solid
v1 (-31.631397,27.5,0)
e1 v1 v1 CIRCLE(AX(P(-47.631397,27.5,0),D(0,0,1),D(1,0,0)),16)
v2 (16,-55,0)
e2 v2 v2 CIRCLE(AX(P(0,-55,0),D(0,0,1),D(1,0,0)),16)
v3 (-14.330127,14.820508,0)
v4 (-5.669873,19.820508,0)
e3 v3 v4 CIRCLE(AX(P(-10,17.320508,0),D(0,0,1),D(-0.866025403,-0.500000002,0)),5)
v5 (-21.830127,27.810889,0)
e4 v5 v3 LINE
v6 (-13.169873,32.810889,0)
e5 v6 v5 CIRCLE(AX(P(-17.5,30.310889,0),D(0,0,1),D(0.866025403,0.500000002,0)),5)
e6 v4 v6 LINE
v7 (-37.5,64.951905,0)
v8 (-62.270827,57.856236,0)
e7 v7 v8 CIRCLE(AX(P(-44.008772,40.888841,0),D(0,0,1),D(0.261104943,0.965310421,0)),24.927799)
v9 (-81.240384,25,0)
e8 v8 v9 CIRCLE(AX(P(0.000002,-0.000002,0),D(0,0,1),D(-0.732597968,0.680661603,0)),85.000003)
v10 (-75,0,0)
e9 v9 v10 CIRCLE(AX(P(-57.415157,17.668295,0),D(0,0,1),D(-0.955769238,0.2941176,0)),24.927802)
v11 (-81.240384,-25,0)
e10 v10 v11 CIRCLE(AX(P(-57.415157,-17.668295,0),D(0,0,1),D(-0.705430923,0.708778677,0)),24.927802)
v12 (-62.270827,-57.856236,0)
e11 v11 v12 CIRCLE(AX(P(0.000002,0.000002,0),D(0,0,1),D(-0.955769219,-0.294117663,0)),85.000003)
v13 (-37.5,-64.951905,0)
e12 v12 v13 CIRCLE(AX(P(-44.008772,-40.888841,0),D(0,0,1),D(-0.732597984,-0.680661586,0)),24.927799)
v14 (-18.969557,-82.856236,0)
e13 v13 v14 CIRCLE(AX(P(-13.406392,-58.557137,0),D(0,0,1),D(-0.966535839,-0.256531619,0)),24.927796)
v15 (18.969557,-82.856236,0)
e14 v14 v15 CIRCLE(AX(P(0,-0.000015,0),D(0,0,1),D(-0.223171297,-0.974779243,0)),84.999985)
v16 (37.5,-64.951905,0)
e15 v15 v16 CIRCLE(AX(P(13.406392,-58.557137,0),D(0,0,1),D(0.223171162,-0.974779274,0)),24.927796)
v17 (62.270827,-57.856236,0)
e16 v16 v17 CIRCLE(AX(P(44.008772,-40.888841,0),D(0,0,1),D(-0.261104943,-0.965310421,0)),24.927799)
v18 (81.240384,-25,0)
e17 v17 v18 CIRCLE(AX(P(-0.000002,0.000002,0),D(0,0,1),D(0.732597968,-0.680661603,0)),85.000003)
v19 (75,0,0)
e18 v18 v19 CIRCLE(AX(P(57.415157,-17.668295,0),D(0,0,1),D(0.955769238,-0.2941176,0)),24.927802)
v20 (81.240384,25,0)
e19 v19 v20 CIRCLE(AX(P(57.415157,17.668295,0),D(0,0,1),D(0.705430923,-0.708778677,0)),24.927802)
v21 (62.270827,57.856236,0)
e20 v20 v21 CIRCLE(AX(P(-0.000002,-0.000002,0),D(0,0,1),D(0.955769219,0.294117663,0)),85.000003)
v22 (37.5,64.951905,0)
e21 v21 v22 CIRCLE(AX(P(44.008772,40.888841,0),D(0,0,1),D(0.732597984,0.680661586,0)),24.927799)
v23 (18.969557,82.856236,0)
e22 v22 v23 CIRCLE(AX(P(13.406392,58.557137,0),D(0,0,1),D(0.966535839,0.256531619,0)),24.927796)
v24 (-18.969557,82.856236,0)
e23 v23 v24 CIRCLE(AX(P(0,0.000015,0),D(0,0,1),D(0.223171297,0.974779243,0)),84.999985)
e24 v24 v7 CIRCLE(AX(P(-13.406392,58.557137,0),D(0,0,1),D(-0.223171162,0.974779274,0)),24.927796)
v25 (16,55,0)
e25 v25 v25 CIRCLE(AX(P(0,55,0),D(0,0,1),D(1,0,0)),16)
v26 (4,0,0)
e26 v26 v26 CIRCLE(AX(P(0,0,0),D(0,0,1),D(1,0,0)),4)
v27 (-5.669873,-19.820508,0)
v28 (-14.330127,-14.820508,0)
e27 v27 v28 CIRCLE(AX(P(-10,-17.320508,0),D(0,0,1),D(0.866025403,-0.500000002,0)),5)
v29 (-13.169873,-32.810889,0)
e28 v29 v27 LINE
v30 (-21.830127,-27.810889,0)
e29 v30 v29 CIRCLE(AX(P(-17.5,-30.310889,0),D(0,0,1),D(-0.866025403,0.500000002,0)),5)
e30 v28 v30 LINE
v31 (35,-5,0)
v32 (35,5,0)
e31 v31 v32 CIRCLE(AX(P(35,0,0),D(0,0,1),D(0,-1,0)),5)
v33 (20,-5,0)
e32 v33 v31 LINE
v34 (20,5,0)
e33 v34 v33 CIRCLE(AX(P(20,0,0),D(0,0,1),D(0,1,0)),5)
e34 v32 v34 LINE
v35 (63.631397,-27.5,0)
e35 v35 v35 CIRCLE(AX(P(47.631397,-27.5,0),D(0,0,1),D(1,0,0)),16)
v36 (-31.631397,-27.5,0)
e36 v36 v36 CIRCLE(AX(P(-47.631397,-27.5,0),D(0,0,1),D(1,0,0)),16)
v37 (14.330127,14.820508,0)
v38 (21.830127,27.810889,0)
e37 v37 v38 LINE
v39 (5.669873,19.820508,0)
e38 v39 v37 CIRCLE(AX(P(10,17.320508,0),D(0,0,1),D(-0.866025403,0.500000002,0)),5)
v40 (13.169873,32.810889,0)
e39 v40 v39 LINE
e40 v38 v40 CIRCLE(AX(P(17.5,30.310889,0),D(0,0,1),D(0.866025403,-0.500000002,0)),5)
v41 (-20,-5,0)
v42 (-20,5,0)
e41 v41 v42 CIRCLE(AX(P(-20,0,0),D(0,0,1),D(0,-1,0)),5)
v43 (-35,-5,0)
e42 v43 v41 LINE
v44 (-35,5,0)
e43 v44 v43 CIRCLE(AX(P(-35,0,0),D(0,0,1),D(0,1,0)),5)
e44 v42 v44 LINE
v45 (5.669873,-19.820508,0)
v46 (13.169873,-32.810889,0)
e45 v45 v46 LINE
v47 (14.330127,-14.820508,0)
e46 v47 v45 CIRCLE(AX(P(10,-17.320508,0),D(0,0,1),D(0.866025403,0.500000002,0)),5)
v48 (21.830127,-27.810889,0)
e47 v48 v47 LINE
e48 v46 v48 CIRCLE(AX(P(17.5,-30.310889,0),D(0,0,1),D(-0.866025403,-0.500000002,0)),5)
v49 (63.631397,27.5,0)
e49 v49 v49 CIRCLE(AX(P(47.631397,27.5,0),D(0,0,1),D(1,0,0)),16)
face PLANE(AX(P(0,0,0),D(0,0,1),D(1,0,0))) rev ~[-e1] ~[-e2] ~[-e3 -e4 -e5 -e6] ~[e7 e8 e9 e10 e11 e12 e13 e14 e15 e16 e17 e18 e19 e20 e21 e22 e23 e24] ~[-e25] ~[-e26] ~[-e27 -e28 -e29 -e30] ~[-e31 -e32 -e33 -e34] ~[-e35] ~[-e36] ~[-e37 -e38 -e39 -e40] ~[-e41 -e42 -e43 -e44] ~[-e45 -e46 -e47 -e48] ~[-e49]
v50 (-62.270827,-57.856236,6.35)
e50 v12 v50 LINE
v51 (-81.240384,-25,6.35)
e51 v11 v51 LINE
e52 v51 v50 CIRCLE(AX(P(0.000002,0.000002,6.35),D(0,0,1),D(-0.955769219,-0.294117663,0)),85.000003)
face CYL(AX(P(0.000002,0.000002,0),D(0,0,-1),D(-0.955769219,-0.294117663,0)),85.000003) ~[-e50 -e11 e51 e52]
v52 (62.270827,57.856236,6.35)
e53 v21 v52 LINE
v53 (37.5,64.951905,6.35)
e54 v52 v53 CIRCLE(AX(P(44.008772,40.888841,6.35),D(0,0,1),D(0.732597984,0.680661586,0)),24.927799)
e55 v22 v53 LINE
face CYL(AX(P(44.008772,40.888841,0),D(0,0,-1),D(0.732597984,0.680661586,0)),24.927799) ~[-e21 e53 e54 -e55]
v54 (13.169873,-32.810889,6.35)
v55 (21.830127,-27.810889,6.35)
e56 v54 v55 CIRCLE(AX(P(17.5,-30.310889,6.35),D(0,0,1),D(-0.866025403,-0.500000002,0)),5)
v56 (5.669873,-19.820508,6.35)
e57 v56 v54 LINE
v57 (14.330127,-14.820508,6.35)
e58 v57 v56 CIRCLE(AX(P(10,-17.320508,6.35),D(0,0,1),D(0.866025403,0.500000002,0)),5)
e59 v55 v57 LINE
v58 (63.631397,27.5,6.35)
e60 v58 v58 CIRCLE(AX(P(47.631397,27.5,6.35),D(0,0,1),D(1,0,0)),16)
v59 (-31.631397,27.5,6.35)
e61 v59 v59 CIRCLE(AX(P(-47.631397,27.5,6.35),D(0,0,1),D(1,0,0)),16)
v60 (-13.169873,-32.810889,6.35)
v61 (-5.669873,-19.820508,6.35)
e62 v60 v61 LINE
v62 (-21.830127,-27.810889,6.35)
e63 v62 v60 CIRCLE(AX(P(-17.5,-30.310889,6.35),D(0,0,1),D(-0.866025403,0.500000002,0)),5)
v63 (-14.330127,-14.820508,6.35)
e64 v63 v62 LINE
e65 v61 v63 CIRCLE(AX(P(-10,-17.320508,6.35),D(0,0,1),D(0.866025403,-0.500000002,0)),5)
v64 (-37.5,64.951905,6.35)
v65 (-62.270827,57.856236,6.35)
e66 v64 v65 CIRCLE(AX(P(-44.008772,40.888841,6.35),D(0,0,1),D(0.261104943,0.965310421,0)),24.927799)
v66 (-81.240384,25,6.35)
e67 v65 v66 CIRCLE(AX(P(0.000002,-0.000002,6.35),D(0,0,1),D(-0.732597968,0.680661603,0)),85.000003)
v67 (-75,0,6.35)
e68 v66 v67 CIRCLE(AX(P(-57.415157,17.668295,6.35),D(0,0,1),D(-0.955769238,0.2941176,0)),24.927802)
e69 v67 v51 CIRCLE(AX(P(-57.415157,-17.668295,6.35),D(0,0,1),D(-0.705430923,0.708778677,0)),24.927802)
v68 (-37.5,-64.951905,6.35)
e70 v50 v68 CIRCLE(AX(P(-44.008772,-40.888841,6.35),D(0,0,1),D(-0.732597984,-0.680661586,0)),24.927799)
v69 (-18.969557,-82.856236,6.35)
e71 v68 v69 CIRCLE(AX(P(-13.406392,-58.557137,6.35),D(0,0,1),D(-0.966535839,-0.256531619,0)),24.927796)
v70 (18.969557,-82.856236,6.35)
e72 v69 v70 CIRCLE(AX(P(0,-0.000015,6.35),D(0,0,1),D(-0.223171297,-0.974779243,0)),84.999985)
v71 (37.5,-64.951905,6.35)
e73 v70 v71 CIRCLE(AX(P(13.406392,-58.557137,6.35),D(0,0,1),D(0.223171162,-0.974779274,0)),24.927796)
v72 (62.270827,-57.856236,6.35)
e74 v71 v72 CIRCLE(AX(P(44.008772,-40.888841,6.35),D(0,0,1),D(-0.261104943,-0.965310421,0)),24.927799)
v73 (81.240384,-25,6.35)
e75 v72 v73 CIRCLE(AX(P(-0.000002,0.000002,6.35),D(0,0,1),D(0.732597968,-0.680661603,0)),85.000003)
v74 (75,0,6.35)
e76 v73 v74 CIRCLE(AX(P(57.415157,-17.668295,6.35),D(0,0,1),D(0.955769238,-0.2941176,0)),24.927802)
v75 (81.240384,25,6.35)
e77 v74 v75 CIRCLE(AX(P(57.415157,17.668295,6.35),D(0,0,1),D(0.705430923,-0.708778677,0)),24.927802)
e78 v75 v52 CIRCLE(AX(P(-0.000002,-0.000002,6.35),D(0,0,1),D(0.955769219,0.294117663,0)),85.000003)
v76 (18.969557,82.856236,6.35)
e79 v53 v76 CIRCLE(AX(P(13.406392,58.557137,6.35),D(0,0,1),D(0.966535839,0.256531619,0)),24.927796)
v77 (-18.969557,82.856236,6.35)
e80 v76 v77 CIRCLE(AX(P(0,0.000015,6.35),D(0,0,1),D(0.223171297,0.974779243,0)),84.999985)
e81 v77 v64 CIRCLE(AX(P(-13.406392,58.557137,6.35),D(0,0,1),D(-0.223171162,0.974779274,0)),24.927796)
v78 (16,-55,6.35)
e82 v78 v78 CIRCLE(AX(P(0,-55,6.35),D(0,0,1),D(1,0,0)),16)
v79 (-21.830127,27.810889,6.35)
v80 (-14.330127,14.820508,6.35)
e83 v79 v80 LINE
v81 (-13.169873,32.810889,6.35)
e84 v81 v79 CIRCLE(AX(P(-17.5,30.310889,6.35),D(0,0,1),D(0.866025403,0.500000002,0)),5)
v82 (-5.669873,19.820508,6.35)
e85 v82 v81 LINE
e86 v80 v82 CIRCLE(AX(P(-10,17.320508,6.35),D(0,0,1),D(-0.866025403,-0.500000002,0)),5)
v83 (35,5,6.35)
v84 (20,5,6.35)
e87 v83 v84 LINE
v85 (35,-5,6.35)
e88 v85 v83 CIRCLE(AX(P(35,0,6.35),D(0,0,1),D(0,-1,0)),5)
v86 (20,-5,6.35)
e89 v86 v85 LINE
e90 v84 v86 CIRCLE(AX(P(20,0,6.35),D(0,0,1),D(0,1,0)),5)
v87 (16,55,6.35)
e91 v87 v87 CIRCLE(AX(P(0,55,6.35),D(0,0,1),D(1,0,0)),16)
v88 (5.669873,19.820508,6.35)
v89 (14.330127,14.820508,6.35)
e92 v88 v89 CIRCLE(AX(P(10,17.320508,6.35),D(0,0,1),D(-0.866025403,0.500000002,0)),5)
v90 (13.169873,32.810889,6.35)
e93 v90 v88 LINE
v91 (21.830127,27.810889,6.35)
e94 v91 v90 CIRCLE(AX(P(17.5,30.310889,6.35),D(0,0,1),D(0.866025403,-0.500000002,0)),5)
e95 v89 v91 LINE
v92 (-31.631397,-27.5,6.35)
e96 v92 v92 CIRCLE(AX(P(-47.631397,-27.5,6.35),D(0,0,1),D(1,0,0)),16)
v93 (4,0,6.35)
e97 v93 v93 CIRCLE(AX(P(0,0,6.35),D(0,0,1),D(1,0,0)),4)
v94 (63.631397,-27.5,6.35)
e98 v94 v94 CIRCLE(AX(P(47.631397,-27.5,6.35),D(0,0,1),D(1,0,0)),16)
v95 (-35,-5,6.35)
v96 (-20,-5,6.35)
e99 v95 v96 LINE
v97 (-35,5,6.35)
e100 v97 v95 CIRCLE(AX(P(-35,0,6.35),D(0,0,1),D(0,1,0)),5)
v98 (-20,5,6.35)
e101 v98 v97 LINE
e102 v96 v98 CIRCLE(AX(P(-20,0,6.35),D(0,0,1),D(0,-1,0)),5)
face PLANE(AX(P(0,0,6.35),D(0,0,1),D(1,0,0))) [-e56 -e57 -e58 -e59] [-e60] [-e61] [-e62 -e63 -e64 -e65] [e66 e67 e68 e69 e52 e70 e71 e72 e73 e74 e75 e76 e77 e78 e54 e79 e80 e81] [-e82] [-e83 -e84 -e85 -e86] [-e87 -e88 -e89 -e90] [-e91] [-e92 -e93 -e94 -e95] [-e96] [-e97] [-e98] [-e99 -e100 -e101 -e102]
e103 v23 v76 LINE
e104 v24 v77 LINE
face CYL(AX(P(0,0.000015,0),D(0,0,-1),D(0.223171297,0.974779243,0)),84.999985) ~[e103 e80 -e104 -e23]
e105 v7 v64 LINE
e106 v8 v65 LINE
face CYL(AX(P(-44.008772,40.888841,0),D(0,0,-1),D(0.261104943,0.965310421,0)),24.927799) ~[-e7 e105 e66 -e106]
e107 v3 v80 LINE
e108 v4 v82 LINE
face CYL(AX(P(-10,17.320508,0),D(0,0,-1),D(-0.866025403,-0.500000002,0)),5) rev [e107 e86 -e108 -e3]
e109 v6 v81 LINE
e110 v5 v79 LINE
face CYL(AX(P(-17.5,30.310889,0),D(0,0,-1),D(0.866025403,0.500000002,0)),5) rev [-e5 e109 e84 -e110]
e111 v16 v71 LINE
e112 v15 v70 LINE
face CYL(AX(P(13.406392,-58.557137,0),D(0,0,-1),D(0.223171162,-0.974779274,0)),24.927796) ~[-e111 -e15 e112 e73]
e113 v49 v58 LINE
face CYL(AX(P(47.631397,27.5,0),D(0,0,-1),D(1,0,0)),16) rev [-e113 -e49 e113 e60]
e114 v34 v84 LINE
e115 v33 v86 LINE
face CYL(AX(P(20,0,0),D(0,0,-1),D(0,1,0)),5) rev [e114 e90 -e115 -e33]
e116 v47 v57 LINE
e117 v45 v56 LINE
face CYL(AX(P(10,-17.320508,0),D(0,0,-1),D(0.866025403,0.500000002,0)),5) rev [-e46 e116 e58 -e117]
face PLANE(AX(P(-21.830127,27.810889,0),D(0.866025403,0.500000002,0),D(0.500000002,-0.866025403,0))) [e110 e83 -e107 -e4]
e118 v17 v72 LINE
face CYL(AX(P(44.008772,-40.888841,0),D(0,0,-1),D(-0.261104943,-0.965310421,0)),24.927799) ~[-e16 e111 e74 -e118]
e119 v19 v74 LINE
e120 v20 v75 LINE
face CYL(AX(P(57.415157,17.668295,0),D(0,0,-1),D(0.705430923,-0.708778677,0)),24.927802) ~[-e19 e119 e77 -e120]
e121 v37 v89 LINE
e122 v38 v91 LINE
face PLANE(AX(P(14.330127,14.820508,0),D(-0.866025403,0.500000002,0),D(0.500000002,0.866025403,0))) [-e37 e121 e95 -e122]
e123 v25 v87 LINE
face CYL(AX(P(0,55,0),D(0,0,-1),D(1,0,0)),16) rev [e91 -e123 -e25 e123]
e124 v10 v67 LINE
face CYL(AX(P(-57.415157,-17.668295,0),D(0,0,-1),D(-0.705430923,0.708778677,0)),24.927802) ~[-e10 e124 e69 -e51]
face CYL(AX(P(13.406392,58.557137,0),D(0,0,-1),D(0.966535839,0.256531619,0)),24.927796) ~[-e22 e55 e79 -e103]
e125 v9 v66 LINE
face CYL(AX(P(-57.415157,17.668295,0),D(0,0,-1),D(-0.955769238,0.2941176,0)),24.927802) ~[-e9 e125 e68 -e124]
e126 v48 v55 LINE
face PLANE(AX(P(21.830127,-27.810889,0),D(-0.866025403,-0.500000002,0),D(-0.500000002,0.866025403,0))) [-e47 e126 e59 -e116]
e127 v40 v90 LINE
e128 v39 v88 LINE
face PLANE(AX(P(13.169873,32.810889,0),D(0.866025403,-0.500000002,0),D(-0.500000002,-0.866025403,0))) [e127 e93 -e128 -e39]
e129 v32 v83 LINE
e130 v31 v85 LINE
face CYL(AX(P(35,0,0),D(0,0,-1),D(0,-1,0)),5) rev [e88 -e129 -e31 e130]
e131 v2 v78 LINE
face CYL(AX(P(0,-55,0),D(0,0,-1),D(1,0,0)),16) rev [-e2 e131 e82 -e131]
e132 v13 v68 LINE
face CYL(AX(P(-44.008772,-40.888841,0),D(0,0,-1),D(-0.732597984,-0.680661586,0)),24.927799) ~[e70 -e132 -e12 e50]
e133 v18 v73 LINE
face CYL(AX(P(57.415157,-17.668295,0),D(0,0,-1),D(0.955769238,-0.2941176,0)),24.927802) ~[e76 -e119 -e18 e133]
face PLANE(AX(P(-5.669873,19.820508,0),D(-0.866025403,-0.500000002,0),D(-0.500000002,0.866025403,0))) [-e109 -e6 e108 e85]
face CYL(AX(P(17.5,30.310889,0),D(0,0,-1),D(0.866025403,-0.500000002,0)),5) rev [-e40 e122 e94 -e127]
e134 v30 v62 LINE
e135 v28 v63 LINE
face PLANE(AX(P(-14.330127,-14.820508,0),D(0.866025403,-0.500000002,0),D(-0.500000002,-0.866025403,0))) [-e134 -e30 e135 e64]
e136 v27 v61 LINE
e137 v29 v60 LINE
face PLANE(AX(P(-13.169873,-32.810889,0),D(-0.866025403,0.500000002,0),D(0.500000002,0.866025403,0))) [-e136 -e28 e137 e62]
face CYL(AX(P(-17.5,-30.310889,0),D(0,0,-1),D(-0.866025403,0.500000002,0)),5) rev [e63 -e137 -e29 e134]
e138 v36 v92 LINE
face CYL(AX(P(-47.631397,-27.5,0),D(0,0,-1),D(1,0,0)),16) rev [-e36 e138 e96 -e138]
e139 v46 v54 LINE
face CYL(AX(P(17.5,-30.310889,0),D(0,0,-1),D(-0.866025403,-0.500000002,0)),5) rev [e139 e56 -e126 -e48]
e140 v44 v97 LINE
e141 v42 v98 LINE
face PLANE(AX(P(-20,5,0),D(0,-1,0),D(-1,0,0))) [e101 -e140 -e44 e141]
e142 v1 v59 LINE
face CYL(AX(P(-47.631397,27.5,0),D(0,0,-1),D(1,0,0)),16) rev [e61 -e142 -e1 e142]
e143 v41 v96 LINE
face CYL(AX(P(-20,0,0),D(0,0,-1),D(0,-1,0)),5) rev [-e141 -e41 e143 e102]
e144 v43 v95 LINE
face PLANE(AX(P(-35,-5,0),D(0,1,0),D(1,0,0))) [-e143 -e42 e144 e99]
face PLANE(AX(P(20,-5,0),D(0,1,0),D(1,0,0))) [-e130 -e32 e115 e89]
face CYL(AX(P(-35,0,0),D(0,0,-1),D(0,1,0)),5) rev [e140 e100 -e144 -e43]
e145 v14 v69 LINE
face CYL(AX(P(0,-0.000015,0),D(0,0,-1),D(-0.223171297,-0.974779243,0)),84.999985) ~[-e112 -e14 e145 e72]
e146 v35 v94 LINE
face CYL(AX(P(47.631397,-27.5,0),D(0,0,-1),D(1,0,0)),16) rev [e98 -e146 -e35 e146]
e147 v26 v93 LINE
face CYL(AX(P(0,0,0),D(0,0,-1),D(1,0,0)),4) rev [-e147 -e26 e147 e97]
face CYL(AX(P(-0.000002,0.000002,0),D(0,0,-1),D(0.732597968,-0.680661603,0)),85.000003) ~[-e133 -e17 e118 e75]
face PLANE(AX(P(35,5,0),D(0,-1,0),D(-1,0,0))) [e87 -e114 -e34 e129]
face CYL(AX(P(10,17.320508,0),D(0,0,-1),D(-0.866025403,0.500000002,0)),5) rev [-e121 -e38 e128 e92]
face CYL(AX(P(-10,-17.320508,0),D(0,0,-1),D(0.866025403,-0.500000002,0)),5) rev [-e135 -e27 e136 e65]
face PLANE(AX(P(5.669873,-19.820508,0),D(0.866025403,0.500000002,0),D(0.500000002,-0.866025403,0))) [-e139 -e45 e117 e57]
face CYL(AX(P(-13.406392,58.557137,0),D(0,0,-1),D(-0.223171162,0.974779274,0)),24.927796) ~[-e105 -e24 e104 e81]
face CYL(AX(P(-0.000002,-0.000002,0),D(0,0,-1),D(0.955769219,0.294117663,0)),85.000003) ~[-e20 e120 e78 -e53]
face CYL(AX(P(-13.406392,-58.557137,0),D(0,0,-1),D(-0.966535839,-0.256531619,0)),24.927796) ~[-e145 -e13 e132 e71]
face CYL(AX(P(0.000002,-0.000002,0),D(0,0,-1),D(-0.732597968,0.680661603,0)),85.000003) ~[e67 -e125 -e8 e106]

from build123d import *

# Parameters (mm, degrees)
SKETCH_R   = 4
SKETCH_R_2 = 16
PAD_DEPTH  = 6.35


with BuildPart() as part:
    # Sketch → Pad (new body)
    with BuildSketch(Plane.XY):
        with BuildLine():
            ThreePointArc((-81.240384, 25), (-81.600865, 11.63117), (-75, 0))
            ThreePointArc((-75, 0), (-81.600865, -11.63117), (-81.240384, -25))
            ThreePointArc((-81.240384, -25), (-73.612159, -42.5), (-62.270827, -57.856236))
            ThreePointArc((-62.270827, -57.856236), (-50.873322, -64.852837), (-37.5, -64.951905))
            ThreePointArc((-37.5, -64.951905), (-30.727544, -76.484008), (-18.969557, -82.856236))
            ThreePointArc((-18.969557, -82.856236), (0, -85), (18.969557, -82.856236))
            ThreePointArc((18.969557, -82.856236), (30.727544, -76.484008), (37.5, -64.951905))
            ThreePointArc((37.5, -64.951905), (50.873322, -64.852837), (62.270827, -57.856236))
            ThreePointArc((62.270827, -57.856236), (73.612159, -42.5), (81.240384, -25))
            ThreePointArc((81.240384, -25), (81.600865, -11.63117), (75, 0))
            ThreePointArc((75, 0), (81.600865, 11.63117), (81.240384, 25))
            ThreePointArc((81.240384, 25), (73.612159, 42.5), (62.270827, 57.856236))
            ThreePointArc((62.270827, 57.856236), (50.873322, 64.852837), (37.5, 64.951905))
            ThreePointArc((37.5, 64.951905), (30.727544, 76.484008), (18.969557, 82.856236))
            ThreePointArc((18.969557, 82.856236), (0, 85), (-18.969557, 82.856236))
            ThreePointArc((-18.969557, 82.856236), (-30.727544, 76.484008), (-37.5, 64.951905))
            ThreePointArc((-37.5, 64.951905), (-50.873322, 64.852837), (-62.270827, 57.856236))
            ThreePointArc((-62.270827, 57.856236), (-73.612159, 42.5), (-81.240384, 25))
        make_face()
        Circle(SKETCH_R, mode=Mode.SUBTRACT)
        with Locations((-47.631397, -27.5)):
            Circle(SKETCH_R_2, mode=Mode.SUBTRACT)
        with Locations((47.631397, -27.5)):
            Circle(SKETCH_R_2, mode=Mode.SUBTRACT)
        with Locations((0, 55)):
            Circle(SKETCH_R_2, mode=Mode.SUBTRACT)
        with Locations((-47.631397, 27.5)):
            Circle(SKETCH_R_2, mode=Mode.SUBTRACT)
        with Locations((47.631397, 27.5)):
            Circle(SKETCH_R_2, mode=Mode.SUBTRACT)
        with Locations((0, -55)):
            Circle(SKETCH_R_2, mode=Mode.SUBTRACT)
        with BuildLine():
            ThreePointArc((-13.169873, 32.810889), (-20, 34.641016), (-21.830127, 27.810889))
            Line((-21.830127, 27.810889), (-14.330127, 14.820508))
            ThreePointArc((-14.330127, 14.820508), (-7.5, 12.990381), (-5.669873, 19.820508))
            Line((-5.669873, 19.820508), (-13.169873, 32.810889))
        make_face(mode=Mode.SUBTRACT)
        with BuildLine():
            ThreePointArc((21.830127, 27.810889), (20, 34.641016), (13.169873, 32.810889))
            Line((13.169873, 32.810889), (5.669873, 19.820508))
            ThreePointArc((5.669873, 19.820508), (7.5, 12.990381), (14.330127, 14.820508))
            Line((14.330127, 14.820508), (21.830127, 27.810889))
        make_face(mode=Mode.SUBTRACT)
        with BuildLine():
            ThreePointArc((35, -5), (40, 0), (35, 5))
            Line((35, 5), (20, 5))
            ThreePointArc((20, 5), (15, 0), (20, -5))
            Line((20, -5), (35, -5))
        make_face(mode=Mode.SUBTRACT)
        with BuildLine():
            ThreePointArc((14.330127, -14.820508), (7.5, -12.990381), (5.669873, -19.820508))
            Line((5.669873, -19.820508), (13.169873, -32.810889))
            ThreePointArc((13.169873, -32.810889), (20, -34.641016), (21.830127, -27.810889))
            Line((21.830127, -27.810889), (14.330127, -14.820508))
        make_face(mode=Mode.SUBTRACT)
        with BuildLine():
            ThreePointArc((-5.669873, -19.820508), (-7.5, -12.990381), (-14.330127, -14.820508))
            Line((-14.330127, -14.820508), (-21.830127, -27.810889))
            ThreePointArc((-21.830127, -27.810889), (-20, -34.641016), (-13.169873, -32.810889))
            Line((-13.169873, -32.810889), (-5.669873, -19.820508))
        make_face(mode=Mode.SUBTRACT)
        with BuildLine():
            ThreePointArc((-35, 5), (-40, 0), (-35, -5))
            Line((-35, -5), (-20, -5))
            ThreePointArc((-20, -5), (-15, 0), (-20, 5))
            Line((-20, 5), (-35, 5))
        make_face(mode=Mode.SUBTRACT)
    extrude(amount=PAD_DEPTH)


solid = part.part
